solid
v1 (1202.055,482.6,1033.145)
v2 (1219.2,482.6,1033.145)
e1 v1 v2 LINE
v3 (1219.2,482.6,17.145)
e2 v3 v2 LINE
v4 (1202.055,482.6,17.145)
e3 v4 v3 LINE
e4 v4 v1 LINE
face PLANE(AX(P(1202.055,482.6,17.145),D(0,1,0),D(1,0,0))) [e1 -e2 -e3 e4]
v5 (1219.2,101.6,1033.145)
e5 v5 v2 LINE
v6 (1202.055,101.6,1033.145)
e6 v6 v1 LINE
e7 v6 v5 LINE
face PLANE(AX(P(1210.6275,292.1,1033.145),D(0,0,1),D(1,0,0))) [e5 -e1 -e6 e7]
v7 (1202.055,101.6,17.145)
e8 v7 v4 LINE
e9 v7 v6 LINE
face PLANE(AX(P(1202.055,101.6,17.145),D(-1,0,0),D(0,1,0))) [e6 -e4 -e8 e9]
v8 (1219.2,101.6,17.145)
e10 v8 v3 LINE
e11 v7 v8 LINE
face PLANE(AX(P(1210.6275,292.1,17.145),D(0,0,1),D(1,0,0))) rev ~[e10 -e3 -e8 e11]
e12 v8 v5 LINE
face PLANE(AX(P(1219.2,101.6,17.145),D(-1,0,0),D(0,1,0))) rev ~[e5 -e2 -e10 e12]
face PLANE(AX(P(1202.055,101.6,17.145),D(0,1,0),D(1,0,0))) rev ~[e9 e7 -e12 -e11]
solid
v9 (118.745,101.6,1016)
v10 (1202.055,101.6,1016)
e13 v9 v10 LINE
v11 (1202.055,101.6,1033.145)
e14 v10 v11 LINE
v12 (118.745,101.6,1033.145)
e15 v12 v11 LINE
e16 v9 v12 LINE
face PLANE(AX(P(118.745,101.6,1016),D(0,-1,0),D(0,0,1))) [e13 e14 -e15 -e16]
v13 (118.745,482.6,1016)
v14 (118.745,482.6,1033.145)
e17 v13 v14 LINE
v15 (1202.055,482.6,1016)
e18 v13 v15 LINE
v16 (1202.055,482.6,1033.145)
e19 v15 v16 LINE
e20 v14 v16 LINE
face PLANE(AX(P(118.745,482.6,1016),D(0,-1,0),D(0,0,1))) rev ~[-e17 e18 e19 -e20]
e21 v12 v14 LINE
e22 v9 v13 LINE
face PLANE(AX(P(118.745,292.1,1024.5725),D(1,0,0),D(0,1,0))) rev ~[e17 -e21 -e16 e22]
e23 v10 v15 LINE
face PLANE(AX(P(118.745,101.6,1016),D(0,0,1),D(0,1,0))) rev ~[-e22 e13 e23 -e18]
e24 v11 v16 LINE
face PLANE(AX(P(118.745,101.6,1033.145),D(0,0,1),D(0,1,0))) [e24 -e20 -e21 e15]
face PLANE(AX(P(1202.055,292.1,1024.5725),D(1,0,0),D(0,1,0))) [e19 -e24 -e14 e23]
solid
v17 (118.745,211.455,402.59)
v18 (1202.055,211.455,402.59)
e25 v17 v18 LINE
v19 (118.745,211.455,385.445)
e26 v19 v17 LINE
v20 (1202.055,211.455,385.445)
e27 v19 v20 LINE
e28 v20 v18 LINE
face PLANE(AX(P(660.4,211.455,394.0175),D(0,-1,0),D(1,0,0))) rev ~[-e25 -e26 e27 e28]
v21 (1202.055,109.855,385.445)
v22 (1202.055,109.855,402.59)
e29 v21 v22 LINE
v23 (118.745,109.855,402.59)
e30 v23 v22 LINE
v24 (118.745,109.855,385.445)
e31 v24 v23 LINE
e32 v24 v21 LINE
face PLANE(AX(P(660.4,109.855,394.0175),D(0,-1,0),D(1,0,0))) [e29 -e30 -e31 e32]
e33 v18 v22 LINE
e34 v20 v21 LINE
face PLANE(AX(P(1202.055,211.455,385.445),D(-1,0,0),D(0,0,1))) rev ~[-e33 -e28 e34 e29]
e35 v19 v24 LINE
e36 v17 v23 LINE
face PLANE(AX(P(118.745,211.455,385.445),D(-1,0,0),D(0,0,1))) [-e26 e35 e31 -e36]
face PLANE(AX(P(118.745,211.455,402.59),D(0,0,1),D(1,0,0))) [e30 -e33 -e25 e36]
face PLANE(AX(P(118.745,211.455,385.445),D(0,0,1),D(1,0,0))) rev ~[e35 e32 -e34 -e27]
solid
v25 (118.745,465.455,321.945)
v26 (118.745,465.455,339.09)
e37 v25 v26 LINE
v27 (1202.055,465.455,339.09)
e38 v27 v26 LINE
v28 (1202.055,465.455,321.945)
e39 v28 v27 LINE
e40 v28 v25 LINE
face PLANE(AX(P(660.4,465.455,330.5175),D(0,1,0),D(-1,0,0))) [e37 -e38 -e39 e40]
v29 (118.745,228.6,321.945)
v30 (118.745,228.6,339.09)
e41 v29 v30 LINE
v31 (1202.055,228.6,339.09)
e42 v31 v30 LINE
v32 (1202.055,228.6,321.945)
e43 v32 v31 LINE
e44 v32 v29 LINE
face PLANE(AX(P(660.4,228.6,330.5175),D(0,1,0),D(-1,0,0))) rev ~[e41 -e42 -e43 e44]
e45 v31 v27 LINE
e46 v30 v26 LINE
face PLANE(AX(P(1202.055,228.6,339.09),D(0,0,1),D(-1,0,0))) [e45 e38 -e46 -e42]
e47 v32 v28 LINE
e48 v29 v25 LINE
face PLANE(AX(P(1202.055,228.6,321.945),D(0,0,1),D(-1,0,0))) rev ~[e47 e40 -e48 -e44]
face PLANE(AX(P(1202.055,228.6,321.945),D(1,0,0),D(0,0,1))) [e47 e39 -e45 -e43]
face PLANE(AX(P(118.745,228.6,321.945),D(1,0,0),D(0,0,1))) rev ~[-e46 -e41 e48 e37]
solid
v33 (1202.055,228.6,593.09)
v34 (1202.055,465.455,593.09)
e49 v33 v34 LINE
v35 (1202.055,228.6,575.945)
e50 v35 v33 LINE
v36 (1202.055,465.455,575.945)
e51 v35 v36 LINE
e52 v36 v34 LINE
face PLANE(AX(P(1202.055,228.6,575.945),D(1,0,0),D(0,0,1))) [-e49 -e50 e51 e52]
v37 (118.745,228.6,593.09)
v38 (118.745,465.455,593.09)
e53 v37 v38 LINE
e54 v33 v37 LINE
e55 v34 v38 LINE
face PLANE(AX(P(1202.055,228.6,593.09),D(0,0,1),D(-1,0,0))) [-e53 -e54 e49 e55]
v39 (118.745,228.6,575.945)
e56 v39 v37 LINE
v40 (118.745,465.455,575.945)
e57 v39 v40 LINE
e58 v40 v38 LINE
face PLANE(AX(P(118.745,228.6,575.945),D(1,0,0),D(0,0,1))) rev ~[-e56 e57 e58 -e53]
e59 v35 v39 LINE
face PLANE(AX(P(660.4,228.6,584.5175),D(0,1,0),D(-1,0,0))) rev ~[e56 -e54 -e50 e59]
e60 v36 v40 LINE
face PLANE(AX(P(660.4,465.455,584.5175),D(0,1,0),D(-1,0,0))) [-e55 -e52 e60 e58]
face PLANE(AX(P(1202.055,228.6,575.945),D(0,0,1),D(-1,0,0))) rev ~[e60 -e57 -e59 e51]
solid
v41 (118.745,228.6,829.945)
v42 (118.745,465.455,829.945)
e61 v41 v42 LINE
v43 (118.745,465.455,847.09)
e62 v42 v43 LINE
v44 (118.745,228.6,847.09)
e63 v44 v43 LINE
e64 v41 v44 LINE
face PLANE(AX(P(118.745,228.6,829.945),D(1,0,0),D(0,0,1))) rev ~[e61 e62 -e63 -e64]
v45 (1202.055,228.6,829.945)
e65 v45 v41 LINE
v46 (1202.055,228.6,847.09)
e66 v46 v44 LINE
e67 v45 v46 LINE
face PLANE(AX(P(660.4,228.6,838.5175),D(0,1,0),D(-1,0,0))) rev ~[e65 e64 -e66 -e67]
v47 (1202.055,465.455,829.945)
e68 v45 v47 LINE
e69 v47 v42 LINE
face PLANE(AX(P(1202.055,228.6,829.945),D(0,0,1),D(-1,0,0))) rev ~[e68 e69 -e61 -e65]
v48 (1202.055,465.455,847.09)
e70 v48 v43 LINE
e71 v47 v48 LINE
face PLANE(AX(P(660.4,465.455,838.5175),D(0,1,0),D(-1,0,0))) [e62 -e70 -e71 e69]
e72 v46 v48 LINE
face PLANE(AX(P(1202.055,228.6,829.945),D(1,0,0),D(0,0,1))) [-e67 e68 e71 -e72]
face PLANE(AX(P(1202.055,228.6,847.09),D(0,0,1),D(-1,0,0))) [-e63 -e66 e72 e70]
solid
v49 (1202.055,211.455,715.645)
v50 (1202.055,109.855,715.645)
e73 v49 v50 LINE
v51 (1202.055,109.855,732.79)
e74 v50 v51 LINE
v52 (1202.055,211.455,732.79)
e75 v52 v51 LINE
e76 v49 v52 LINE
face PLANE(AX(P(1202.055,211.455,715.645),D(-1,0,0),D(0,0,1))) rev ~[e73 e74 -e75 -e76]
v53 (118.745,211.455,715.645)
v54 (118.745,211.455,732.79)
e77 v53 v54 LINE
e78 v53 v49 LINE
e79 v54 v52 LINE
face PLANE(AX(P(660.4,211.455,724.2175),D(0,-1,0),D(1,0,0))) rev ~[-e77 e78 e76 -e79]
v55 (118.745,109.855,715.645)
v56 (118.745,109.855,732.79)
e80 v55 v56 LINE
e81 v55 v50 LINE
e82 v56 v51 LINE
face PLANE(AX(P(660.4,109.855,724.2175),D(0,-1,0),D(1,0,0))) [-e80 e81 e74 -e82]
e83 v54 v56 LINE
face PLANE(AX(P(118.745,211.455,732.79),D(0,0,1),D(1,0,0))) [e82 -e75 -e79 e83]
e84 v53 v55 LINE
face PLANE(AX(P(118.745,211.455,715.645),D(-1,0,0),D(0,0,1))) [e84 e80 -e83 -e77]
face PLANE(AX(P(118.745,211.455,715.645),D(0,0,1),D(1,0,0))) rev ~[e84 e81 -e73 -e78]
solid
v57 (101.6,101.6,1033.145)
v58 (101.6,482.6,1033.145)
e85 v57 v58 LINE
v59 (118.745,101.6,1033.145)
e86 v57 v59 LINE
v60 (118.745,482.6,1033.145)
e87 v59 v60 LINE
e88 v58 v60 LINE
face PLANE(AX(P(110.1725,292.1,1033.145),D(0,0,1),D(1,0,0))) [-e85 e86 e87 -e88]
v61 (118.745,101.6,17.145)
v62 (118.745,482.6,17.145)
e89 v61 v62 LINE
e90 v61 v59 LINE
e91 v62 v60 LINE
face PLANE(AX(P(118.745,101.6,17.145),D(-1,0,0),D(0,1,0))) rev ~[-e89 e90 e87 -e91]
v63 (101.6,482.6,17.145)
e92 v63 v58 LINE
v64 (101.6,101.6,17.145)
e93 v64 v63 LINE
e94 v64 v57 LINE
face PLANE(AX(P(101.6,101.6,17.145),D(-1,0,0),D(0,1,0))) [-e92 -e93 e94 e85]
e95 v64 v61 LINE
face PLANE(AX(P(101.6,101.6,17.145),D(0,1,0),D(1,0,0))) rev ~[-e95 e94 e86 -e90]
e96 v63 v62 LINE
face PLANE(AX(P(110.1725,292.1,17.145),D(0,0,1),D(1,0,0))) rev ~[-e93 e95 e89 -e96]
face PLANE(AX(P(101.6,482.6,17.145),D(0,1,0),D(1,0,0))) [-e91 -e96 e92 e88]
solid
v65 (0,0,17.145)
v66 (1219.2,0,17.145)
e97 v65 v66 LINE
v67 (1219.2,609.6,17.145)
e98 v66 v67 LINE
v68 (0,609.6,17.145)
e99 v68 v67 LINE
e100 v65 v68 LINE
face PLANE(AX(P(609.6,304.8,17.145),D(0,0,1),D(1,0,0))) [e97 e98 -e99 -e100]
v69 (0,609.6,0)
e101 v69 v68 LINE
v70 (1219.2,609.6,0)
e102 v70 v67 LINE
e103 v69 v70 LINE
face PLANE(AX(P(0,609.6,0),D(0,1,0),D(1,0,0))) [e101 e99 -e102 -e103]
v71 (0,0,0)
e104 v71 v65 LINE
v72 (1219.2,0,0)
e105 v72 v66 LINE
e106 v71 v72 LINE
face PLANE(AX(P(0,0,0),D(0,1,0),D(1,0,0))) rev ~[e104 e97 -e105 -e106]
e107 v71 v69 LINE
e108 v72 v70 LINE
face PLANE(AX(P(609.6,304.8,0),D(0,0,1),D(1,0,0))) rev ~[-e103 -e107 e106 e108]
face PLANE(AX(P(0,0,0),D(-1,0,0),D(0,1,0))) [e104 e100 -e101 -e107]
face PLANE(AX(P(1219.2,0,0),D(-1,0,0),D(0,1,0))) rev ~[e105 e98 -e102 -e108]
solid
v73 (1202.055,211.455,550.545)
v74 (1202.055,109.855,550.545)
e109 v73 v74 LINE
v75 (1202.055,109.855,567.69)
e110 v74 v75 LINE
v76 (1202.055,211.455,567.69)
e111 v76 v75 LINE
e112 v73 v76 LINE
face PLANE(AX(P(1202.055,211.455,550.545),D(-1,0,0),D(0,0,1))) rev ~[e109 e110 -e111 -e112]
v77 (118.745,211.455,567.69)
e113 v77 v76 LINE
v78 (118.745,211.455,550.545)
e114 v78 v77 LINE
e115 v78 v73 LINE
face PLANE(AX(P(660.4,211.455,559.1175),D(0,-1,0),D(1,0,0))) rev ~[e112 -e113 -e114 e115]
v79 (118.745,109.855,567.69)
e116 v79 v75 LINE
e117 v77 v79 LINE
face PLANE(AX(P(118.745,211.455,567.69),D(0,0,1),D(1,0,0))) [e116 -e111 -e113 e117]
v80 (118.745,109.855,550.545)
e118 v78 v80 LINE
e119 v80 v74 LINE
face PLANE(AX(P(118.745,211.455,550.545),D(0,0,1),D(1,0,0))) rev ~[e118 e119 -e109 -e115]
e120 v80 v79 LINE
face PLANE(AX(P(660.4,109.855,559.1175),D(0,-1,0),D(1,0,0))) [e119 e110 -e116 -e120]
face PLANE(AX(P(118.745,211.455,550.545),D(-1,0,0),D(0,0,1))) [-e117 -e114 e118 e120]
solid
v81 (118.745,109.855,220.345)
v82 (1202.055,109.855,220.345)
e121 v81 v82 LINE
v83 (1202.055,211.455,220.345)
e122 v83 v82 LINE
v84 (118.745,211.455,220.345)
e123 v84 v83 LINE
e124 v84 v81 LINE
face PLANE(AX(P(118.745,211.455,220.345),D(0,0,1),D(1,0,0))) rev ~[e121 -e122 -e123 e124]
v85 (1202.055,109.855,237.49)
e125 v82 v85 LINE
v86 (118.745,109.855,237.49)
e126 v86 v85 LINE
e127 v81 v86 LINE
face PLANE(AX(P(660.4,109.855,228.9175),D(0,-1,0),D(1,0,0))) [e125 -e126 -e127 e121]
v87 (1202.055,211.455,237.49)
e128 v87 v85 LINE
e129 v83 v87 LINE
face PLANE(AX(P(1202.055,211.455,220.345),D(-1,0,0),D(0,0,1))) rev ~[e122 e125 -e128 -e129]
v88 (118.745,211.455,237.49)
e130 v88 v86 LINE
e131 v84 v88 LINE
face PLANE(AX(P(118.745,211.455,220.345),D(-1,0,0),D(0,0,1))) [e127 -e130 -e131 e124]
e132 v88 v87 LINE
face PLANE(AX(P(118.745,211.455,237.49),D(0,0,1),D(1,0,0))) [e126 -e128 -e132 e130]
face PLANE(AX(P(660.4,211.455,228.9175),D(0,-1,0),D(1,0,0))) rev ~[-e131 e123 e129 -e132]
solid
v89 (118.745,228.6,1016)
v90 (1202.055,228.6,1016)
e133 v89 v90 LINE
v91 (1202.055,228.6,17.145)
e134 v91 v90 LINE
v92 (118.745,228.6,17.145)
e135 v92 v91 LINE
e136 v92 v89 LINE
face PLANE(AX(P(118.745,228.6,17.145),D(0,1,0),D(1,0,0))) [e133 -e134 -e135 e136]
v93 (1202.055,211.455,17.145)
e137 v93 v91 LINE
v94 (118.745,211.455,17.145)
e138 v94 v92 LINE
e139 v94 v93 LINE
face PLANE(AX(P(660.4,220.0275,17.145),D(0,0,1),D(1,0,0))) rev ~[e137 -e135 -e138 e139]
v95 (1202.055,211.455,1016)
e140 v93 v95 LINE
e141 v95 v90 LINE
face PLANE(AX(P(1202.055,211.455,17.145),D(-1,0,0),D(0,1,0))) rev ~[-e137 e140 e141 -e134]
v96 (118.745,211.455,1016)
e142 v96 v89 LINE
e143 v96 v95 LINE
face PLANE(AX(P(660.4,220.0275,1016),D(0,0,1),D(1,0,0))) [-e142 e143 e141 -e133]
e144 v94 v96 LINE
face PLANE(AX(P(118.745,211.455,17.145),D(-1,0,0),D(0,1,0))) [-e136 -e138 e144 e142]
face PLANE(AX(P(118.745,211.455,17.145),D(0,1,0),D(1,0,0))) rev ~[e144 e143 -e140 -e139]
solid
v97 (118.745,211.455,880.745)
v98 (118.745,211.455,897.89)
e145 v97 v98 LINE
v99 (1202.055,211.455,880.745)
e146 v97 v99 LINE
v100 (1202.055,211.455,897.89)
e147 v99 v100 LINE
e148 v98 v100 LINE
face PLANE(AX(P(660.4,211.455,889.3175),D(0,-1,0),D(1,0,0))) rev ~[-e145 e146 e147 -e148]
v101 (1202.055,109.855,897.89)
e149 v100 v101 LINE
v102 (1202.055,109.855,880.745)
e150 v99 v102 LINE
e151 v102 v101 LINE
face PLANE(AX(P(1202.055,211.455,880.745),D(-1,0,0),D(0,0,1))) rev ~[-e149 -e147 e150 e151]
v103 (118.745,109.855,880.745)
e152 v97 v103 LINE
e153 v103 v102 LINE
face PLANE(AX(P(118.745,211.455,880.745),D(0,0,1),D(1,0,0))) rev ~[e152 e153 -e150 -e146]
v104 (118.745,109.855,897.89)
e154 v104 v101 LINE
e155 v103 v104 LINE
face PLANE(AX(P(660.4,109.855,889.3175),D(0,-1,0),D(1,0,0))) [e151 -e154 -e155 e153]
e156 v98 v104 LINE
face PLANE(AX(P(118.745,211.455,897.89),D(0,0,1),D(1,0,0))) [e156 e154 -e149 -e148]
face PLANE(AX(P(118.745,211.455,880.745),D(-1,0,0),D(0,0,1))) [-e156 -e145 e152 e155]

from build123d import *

# Parameters (mm, degrees)
F0_W      = 1219.2
F0_H      = 609.6
F1_DEPTH  = 17.145
F2_W      = 17.145
F2_H      = 381
F3_DEPTH  = 1016
F4_W      = 1083.31
F4_H      = 17.145
F5_DEPTH  = 998.855
F6_W      = 17.145
F6_H      = 381
F7_DEPTH  = 1016
F8_W      = 1083.31
F8_H      = 17.145
F9_DEPTH  = 236.855
F10_W     = 1083.31
F10_H     = 17.145
F11_DEPTH = 101.6
F12_W     = 381
F12_H     = 17.145
F13_DEPTH = 1083.31


with BuildPart() as f1:
    # F0 (on Top) → F1 (new body)
    with BuildSketch(Plane.XY):
        with Locations((609.6, 304.8)):
            Rectangle(F0_W, F0_H)
    extrude(amount=F1_DEPTH)


with BuildPart() as f3:
    # F2 (on face) → F3 (new body)
    with BuildSketch(Plane.XY.offset(17.145)):
        with Locations((110.1725, 292.1)):
            Rectangle(F2_W, F2_H)
    extrude(amount=F3_DEPTH)


with BuildPart() as f5:
    # F4 (on face) → F5 (new body)
    with BuildSketch(Plane.XY.offset(17.145)):
        with Locations((660.4, 220.0275)):
            Rectangle(F4_W, F4_H)
    extrude(amount=F5_DEPTH)


with BuildPart() as f7:
    # F6 (on face) → F7 (new body)
    with BuildSketch(Plane.XY.offset(17.145)):
        with Locations((1210.6275, 292.1)):
            Rectangle(F6_W, F6_H)
    extrude(amount=F7_DEPTH)


with BuildPart() as f9:
    # F8 (on face) → F9 (new body)
    with BuildSketch(Plane(origin=(0, 228.6, 0), x_dir=(-1, 0, 0), z_dir=(0, 1, 0))):
        with Locations((-660.4, 330.5175)):
            Rectangle(F8_W, F8_H)
        with Locations((-660.4, 584.5175)):
            Rectangle(F8_W, F8_H)
        with Locations((-660.4, 838.5175)):
            Rectangle(F8_W, F8_H)
    extrude(amount=F9_DEPTH)


with BuildPart() as f11:
    # F10 (on face) → F11 (new body)
    with BuildSketch(Plane.XZ.offset(-211.455)):
        with Locations((660.4, 889.3175)):
            Rectangle(F10_W, F10_H)
        with Locations((660.4, 724.2175)):
            Rectangle(F10_W, F10_H)
        with Locations((660.4, 559.1175)):
            Rectangle(F10_W, F10_H)
        with Locations((660.4, 394.0175)):
            Rectangle(F10_W, F10_H)
        with Locations((660.4, 228.9175)):
            Rectangle(F10_W, F10_H)
    extrude(amount=F11_DEPTH)


with BuildPart() as f13:
    # F12 (on face) → F13 (new body, through all)
    with BuildSketch(Plane.YZ.offset(118.745)):
        with Locations((292.1, 1024.5725)):
            Rectangle(F12_W, F12_H)
    extrude(amount=F13_DEPTH)


solid = Compound([f1.part, f3.part, f5.part, f7.part, f9.part, f11.part, f13.part])
